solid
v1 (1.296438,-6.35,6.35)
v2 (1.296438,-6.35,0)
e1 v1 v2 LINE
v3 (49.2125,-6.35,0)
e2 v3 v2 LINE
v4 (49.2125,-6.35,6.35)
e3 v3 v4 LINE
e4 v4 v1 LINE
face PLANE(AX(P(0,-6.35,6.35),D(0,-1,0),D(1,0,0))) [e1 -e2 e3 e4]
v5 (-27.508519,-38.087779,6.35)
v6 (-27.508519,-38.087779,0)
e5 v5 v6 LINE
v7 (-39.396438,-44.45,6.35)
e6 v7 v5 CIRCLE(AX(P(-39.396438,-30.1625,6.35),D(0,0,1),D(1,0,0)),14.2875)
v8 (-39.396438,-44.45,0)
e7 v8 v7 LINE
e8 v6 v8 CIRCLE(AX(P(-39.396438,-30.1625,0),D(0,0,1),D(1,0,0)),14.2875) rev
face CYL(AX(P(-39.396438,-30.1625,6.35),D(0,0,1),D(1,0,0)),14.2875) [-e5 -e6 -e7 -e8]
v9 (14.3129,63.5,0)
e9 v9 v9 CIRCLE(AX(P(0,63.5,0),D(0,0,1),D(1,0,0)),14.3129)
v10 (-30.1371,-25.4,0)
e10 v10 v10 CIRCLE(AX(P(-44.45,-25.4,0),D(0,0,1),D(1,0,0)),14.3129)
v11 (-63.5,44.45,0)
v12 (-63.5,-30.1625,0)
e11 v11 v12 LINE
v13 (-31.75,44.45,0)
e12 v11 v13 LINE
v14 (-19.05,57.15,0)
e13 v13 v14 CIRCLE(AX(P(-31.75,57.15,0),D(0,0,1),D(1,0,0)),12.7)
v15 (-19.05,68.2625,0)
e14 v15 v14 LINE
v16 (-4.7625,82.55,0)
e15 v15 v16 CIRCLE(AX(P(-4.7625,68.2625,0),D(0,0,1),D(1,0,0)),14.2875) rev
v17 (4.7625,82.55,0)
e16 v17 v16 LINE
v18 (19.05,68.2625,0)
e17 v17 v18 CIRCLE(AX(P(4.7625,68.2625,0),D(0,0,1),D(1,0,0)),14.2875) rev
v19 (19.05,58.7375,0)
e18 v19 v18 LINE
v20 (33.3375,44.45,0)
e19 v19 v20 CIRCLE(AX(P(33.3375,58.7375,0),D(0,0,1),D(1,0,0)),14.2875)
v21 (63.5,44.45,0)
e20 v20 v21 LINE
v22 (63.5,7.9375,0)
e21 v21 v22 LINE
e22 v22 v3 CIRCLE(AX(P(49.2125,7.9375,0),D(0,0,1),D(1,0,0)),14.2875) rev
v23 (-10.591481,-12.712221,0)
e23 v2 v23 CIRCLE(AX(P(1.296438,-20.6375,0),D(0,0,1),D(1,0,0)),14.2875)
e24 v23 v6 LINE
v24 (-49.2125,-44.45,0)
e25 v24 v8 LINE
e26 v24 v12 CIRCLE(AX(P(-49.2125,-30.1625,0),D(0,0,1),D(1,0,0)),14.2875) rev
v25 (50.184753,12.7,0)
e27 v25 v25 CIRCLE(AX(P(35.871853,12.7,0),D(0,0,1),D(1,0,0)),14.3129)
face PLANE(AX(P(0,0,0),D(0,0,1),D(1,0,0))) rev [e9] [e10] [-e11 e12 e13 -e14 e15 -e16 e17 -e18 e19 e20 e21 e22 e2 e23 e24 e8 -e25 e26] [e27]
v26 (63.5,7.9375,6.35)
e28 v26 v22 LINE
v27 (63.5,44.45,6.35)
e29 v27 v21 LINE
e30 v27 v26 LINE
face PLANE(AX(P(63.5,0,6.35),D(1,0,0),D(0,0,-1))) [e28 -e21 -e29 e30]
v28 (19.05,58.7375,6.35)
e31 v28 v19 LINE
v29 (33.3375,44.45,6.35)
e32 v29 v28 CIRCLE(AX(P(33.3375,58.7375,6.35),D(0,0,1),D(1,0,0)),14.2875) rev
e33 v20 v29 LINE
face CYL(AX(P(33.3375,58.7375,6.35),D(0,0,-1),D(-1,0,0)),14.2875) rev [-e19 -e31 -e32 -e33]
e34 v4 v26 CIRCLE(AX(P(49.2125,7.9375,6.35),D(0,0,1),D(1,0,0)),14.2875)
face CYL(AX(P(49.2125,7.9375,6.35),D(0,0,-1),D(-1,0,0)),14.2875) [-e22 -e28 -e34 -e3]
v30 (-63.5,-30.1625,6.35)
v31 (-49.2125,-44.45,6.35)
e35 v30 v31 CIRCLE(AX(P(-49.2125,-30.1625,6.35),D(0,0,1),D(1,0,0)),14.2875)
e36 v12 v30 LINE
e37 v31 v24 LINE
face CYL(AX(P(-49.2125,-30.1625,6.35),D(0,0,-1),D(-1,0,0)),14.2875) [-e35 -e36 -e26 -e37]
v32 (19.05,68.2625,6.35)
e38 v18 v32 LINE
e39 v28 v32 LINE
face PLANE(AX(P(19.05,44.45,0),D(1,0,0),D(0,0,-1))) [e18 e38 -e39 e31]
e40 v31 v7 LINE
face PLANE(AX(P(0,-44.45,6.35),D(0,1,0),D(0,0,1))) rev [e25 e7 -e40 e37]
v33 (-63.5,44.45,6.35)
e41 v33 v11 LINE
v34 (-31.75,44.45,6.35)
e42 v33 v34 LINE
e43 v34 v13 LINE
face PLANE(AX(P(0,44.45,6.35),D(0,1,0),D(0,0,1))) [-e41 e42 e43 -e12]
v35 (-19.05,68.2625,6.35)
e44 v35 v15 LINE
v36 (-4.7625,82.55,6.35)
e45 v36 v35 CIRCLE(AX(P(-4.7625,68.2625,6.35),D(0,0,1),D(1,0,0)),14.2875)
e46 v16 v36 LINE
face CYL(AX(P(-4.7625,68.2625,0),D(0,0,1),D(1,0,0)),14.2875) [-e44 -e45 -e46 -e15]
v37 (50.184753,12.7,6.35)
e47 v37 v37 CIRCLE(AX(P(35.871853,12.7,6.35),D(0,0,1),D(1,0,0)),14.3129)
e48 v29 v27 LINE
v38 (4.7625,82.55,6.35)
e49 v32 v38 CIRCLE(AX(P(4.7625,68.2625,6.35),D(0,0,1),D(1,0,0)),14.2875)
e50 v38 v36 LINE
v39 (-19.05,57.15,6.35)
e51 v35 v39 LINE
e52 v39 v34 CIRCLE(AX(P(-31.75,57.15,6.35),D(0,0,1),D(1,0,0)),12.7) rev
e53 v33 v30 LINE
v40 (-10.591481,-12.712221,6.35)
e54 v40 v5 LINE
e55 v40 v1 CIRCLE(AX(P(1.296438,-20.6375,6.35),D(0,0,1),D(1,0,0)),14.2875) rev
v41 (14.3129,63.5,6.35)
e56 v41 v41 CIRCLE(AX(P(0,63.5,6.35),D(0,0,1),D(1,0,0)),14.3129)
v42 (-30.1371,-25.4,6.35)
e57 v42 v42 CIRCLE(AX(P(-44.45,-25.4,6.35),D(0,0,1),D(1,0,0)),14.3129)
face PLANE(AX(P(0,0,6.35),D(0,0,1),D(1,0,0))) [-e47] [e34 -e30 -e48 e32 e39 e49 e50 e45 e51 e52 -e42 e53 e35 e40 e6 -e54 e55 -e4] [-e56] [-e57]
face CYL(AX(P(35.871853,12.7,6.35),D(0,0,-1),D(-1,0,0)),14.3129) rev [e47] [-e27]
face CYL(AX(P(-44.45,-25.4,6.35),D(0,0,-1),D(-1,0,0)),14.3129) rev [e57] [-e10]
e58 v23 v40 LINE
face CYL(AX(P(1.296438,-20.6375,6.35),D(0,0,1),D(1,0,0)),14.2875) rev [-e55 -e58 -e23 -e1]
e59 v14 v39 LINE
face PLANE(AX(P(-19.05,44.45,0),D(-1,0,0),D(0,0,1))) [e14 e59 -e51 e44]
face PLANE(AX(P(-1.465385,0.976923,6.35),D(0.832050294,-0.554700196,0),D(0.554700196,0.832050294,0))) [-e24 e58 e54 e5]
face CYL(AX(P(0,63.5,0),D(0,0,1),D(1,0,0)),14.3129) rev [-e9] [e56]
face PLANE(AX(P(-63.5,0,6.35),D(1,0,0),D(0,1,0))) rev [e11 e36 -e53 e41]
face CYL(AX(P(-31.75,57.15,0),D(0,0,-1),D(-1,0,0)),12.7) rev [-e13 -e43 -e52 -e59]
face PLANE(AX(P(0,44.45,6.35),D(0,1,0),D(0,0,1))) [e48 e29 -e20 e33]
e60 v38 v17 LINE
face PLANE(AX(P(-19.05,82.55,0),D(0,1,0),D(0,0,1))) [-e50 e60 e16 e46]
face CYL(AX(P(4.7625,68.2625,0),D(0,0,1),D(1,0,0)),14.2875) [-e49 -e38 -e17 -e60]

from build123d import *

# Parameters (mm, degrees)
SKETCH1_R           = 14.3129
BOSS_EXTRUDE1_DEPTH = 6.35
FILLET1_R           = 14.2875
SKETCH2_W           = 38.1
SKETCH2_H           = 38.1
BOSS_EXTRUDE2_DEPTH = 6.35
FILLET2_R           = 14.2875
SKETCH3_R           = 14.3129
CUT_EXTRUDE1_DEPTH  = 105.341147205
FILLET3_R           = 12.7


with BuildPart() as part:
    # Sketch1 → Boss-Extrude1 (new body)
    with BuildSketch(Plane.XY):
        Polygon((-6.35, -6.35), (63.5, -6.35), (63.5, 44.45), (-63.5, 44.45), (-63.5, -44.45), (-31.75, -44.45), align=None)
        with Locations((-44.45, -25.4)):
            Circle(SKETCH1_R, mode=Mode.SUBTRACT)
        with Locations((35.871852568, 12.7)):
            Circle(SKETCH1_R, mode=Mode.SUBTRACT)
    extrude(amount=BOSS_EXTRUDE1_DEPTH)

    # Fillet1
    fillet1_edges = [part.edges().sort_by_distance(p)[0] for p in [
        (-31.75, -44.45, 3.175),
        (-63.5, -44.45, 3.175),
        (63.5, -6.35, 3.175),
        (-6.35, -6.35, 3.175),
    ]]
    fillet(fillet1_edges, radius=FILLET1_R)

    # Sketch2 → Boss-Extrude2 (add)
    with BuildSketch(Plane.XY.offset(6.35)):
        with Locations((0, 63.5)):
            Rectangle(SKETCH2_W, SKETCH2_H)
    extrude(amount=-BOSS_EXTRUDE2_DEPTH)

    # Fillet2
    fillet2_edges = [part.edges().sort_by_distance(p)[0] for p in [
        (-19.05, 82.55, 3.175),
        (19.05, 82.55, 3.175),
        (19.05, 44.45, 3.175),
    ]]
    fillet(fillet2_edges, radius=FILLET2_R)

    # Sketch3 → Cut-Extrude1 (cut, through all)
    with BuildSketch(Plane.XY.offset(6.35)):
        with Locations((0, 63.5)):
            Circle(SKETCH3_R)
    extrude(amount=-CUT_EXTRUDE1_DEPTH, mode=Mode.SUBTRACT)

    # Fillet3
    fillet3_edges = [part.edges().sort_by_distance(p)[0] for p in [
        (-19.05, 44.45, 3.175),
    ]]
    fillet(fillet3_edges, radius=FILLET3_R)


solid = part.part
